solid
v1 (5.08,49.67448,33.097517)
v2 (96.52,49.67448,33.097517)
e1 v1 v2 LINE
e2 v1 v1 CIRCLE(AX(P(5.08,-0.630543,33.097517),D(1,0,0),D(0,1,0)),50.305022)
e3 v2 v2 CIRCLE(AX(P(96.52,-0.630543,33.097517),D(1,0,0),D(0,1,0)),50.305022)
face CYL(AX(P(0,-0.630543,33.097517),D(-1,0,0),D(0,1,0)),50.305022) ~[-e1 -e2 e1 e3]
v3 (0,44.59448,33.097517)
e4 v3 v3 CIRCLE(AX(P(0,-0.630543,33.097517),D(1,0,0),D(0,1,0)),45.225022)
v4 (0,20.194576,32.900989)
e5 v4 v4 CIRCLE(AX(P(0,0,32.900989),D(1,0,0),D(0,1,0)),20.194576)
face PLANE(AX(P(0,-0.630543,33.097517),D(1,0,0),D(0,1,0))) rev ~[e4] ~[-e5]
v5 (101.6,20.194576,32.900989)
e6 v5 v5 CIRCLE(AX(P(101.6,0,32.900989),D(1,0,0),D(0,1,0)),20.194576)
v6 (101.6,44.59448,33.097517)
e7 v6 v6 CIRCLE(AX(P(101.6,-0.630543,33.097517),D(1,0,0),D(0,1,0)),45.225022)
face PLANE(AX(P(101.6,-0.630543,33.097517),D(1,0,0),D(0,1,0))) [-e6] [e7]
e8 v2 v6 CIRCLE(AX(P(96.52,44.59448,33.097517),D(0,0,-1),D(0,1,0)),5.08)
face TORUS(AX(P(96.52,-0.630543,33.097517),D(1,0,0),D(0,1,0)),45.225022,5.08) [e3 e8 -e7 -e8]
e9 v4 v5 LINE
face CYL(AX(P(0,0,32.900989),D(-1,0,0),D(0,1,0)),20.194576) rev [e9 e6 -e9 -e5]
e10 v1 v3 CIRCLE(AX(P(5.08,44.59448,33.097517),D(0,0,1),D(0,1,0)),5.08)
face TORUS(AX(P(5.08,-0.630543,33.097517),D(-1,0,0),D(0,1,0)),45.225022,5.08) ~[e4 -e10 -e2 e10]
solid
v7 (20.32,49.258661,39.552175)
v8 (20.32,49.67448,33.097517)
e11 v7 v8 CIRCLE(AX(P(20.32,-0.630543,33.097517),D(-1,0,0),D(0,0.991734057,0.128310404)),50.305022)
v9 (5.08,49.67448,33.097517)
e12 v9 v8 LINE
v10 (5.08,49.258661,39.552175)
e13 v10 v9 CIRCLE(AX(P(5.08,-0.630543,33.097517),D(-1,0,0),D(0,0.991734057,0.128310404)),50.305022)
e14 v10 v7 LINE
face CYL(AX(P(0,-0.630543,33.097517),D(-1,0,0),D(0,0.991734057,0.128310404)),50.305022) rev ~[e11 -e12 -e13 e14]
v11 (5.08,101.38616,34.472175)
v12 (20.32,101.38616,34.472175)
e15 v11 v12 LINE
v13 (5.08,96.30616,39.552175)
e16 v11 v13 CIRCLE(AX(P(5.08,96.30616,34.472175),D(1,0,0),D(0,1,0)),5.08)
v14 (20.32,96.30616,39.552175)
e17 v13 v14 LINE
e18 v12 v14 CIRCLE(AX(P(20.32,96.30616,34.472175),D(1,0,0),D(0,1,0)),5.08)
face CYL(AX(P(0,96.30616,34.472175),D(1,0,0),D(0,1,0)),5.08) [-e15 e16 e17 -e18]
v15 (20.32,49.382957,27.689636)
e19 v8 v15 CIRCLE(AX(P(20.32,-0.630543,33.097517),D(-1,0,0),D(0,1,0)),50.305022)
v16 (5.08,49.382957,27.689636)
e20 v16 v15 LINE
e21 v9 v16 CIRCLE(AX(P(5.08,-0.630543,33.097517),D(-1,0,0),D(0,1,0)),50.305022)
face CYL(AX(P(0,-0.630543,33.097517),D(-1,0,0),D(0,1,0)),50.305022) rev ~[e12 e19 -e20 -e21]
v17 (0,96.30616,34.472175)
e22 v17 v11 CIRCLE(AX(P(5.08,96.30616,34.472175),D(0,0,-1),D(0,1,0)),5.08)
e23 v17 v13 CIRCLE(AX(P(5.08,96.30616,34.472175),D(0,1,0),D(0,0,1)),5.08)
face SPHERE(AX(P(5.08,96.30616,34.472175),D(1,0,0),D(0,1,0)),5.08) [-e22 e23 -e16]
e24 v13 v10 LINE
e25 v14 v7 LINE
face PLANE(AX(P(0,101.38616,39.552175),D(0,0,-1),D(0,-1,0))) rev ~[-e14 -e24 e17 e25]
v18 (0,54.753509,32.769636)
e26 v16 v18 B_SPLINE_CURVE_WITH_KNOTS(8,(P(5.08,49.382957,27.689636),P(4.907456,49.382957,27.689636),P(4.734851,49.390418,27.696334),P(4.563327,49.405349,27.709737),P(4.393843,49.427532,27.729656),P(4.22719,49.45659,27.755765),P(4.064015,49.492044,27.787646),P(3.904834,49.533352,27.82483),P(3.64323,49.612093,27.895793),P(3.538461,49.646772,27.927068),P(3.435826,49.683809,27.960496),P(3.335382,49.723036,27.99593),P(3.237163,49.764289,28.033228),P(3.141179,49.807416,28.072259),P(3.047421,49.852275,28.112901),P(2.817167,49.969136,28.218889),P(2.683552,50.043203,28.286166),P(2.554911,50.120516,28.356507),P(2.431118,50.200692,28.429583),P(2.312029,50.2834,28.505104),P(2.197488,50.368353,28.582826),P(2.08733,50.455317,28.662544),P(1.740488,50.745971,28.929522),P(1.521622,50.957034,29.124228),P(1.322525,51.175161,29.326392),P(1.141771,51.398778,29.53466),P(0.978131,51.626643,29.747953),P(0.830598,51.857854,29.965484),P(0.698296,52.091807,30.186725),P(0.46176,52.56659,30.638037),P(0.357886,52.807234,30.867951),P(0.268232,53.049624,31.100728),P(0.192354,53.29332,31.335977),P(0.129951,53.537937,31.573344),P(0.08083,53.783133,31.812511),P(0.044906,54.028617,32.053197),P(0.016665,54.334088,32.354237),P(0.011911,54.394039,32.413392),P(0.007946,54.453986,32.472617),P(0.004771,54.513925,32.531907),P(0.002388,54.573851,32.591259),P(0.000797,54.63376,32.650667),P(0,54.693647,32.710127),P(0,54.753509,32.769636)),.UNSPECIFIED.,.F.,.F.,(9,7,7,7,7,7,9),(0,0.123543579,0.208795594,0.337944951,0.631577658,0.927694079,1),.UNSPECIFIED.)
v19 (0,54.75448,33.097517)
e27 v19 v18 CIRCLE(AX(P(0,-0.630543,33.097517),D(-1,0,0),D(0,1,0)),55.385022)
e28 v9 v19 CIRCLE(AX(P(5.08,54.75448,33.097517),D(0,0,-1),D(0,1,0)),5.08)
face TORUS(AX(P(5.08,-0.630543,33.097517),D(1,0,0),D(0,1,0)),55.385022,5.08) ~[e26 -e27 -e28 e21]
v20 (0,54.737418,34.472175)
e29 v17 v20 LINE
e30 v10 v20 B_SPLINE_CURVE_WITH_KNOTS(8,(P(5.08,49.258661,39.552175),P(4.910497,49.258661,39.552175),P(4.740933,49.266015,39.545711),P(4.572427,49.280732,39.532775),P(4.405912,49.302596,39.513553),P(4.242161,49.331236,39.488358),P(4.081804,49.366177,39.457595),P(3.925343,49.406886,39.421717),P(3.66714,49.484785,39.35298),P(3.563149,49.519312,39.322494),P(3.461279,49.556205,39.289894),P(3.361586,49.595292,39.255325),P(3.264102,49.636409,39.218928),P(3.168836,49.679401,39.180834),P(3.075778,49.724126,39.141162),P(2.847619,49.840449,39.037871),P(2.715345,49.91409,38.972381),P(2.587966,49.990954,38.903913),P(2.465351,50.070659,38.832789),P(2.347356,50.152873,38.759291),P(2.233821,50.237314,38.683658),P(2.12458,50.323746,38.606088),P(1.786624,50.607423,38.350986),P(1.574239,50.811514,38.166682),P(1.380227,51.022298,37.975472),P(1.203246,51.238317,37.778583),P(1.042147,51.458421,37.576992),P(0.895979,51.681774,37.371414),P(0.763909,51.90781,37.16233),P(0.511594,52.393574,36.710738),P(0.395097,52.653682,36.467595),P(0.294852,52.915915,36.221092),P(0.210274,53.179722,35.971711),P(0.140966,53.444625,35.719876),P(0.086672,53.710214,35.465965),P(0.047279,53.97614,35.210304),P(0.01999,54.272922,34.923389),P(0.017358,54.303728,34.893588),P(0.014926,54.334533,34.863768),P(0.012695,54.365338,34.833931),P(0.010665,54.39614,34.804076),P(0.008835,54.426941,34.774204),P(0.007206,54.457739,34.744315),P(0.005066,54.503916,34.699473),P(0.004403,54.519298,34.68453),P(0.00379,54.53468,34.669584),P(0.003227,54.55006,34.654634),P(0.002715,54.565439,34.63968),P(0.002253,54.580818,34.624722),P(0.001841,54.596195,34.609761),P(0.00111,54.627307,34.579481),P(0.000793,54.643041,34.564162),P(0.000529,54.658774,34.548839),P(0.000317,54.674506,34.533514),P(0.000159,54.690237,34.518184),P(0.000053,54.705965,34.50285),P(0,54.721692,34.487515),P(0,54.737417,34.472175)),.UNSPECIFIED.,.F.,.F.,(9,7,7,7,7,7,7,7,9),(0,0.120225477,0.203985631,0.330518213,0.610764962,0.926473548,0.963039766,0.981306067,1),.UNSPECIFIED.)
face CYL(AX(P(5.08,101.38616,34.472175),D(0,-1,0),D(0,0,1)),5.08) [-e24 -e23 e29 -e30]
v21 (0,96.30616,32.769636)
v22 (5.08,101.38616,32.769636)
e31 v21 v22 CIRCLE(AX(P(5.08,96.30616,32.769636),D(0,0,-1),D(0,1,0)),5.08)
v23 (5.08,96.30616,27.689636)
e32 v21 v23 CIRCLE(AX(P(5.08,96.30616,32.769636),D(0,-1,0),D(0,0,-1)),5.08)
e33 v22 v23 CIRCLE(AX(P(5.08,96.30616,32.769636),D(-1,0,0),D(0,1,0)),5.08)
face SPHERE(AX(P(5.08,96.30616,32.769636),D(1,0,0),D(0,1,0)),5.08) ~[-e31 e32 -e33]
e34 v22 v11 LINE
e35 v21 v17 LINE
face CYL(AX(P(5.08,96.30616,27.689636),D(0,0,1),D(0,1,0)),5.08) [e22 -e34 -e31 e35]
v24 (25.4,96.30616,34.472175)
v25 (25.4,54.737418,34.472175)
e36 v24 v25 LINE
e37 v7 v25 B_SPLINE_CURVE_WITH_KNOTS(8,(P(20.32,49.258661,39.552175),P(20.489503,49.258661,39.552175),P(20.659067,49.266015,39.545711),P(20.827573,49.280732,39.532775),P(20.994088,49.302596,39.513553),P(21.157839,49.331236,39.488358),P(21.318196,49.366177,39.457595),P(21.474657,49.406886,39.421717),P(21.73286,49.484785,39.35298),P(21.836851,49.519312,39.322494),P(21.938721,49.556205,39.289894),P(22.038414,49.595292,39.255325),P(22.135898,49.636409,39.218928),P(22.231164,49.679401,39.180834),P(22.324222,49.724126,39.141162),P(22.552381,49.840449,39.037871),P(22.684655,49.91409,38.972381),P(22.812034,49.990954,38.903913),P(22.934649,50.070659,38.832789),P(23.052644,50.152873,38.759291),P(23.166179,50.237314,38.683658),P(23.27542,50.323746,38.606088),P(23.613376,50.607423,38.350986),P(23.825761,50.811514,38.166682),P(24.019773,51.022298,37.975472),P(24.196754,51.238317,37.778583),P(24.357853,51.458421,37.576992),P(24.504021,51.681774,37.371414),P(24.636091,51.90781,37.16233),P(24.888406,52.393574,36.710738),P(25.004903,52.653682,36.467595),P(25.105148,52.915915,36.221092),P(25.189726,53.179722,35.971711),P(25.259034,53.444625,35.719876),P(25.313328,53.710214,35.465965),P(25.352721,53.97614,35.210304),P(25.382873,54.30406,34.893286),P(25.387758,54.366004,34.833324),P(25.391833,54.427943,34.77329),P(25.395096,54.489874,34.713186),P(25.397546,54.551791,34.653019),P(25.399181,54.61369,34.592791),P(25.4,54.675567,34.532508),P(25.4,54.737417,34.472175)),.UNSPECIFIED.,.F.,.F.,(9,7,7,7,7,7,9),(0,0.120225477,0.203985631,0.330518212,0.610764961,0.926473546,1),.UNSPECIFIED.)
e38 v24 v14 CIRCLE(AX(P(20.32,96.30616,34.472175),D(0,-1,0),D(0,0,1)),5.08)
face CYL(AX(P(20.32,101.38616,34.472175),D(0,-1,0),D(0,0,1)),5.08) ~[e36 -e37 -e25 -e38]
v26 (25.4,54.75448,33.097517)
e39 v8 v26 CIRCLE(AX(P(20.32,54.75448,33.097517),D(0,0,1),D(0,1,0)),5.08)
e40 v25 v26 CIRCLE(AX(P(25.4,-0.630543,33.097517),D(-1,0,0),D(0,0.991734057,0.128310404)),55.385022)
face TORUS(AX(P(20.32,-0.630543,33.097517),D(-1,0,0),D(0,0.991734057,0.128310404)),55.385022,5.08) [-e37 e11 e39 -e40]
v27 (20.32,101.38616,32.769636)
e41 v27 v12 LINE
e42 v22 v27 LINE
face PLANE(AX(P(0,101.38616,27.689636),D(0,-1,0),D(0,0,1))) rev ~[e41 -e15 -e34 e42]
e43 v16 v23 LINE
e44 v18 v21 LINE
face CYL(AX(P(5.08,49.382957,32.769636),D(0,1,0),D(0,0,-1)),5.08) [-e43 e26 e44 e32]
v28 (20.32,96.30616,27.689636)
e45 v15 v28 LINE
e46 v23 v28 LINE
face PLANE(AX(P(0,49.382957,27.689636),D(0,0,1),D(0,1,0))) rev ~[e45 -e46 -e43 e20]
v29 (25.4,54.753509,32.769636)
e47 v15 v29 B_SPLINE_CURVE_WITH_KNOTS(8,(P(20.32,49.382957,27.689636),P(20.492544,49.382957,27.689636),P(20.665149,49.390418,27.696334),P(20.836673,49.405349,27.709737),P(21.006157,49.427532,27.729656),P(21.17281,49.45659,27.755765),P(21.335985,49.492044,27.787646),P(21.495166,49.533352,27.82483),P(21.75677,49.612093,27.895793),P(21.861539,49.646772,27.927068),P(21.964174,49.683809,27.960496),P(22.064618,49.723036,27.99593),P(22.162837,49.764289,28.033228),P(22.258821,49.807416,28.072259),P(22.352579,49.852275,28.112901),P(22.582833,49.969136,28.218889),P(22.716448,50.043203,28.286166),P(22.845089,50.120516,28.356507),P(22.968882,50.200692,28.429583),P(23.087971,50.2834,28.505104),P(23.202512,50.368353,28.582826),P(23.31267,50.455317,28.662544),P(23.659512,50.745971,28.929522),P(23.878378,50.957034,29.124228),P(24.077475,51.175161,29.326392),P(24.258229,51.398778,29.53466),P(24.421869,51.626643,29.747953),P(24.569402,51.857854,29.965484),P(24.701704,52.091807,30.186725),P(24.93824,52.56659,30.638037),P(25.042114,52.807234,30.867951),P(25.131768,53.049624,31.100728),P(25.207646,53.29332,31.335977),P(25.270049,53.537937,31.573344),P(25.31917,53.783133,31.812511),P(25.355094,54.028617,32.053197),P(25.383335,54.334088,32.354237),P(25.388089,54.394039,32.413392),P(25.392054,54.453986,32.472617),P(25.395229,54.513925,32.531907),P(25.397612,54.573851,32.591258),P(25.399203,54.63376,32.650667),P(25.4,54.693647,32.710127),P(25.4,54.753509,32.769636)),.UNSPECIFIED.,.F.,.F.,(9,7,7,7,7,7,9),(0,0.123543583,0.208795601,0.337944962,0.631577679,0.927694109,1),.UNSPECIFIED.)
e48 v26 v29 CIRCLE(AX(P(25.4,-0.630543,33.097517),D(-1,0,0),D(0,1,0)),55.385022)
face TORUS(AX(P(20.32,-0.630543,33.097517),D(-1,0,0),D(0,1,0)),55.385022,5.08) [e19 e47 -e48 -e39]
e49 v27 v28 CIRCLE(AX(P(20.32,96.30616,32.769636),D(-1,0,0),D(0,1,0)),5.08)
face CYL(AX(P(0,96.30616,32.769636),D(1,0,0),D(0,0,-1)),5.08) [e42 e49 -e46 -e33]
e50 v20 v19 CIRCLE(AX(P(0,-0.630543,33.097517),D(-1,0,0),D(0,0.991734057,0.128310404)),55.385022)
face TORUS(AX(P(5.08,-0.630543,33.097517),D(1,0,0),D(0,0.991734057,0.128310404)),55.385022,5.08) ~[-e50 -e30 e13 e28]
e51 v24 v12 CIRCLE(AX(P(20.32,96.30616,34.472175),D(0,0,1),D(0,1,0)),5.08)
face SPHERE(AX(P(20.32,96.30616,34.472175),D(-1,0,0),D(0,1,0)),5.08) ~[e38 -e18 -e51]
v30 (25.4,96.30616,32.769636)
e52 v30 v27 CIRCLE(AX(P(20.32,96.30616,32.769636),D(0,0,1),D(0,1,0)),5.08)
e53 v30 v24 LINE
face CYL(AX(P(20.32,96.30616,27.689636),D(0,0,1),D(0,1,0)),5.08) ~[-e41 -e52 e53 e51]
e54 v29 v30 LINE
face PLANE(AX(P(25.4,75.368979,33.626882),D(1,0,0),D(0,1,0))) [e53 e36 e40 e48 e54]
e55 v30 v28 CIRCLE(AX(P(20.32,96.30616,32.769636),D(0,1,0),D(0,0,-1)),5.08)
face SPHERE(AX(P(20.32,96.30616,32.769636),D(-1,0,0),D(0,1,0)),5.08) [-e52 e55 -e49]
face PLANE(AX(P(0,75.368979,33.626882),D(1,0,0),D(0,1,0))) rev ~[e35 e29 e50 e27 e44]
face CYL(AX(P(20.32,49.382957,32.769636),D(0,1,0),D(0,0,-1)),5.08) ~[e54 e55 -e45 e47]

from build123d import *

# Parameters (mm, degrees)
F0_R     = 50.3050224019
F0_R_2   = 20.1945759799
F1_DEPTH = 101.6
F3_DEPTH = 25.4
F4_R     = 5.08
F4_2_R   = 5.08


with BuildPart() as f1:
    # F0 (on Right) → F1 (new body)
    with BuildSketch(Plane.YZ):
        with Locations((-0.6305426359, 33.0975167453)):
            Circle(F0_R)
        with Locations((0, 32.9009890556)):
            Circle(F0_R_2, mode=Mode.SUBTRACT)
    extrude(amount=F1_DEPTH)

    # F4#2
    f4_2_edges = [f1.edges().sort_by_distance(p)[0] for p in [
        (0, -50.935565, 33.097517),
        (50.8, 49.67448, 33.097517),
        (101.6, -50.935565, 33.097517),
    ]]
    fillet(f4_2_edges, radius=F4_2_R)


with BuildPart() as f3:
    # F2 (on face) → F3 (new body)
    with BuildSketch(Plane.YZ):
        with BuildLine():
            ThreePointArc((49.6744797659, 33.0975167453), (49.6015460943, 30.3896503067), (49.3829565621, 27.6896357536))
            Line((49.3829565621, 27.6896357536), (101.3861596584, 27.6896357536))
            Line((101.3861596584, 27.6896357536), (101.3861596584, 39.5521745086))
            Line((101.3861596584, 39.5521745086), (49.2586613266, 39.5521745086))
            ThreePointArc((49.2586613266, 39.5521745086), (49.5704175232, 36.3315356002), (49.6744797659, 33.0975167453))
        make_face()
    extrude(amount=F3_DEPTH)

    # F4
    f4_edges = [f3.edges().sort_by_distance(p)[0] for p in [
        (12.7, 101.38616, 27.689636),
        (12.7, 101.38616, 39.552175),
        (0, 101.38616, 33.620905),
        (25.4, 101.38616, 33.620905),
        (25.4, 49.671719, 33.624582),
        (25.4, 75.384558, 27.689636),
        (25.4, 75.32241, 39.552175),
        (0, 49.671719, 33.624582),
        (0, 75.384558, 27.689636),
        (0, 75.32241, 39.552175),
    ]]
    fillet(f4_edges, radius=F4_R)


solid = Compound([f1.part, f3.part])
